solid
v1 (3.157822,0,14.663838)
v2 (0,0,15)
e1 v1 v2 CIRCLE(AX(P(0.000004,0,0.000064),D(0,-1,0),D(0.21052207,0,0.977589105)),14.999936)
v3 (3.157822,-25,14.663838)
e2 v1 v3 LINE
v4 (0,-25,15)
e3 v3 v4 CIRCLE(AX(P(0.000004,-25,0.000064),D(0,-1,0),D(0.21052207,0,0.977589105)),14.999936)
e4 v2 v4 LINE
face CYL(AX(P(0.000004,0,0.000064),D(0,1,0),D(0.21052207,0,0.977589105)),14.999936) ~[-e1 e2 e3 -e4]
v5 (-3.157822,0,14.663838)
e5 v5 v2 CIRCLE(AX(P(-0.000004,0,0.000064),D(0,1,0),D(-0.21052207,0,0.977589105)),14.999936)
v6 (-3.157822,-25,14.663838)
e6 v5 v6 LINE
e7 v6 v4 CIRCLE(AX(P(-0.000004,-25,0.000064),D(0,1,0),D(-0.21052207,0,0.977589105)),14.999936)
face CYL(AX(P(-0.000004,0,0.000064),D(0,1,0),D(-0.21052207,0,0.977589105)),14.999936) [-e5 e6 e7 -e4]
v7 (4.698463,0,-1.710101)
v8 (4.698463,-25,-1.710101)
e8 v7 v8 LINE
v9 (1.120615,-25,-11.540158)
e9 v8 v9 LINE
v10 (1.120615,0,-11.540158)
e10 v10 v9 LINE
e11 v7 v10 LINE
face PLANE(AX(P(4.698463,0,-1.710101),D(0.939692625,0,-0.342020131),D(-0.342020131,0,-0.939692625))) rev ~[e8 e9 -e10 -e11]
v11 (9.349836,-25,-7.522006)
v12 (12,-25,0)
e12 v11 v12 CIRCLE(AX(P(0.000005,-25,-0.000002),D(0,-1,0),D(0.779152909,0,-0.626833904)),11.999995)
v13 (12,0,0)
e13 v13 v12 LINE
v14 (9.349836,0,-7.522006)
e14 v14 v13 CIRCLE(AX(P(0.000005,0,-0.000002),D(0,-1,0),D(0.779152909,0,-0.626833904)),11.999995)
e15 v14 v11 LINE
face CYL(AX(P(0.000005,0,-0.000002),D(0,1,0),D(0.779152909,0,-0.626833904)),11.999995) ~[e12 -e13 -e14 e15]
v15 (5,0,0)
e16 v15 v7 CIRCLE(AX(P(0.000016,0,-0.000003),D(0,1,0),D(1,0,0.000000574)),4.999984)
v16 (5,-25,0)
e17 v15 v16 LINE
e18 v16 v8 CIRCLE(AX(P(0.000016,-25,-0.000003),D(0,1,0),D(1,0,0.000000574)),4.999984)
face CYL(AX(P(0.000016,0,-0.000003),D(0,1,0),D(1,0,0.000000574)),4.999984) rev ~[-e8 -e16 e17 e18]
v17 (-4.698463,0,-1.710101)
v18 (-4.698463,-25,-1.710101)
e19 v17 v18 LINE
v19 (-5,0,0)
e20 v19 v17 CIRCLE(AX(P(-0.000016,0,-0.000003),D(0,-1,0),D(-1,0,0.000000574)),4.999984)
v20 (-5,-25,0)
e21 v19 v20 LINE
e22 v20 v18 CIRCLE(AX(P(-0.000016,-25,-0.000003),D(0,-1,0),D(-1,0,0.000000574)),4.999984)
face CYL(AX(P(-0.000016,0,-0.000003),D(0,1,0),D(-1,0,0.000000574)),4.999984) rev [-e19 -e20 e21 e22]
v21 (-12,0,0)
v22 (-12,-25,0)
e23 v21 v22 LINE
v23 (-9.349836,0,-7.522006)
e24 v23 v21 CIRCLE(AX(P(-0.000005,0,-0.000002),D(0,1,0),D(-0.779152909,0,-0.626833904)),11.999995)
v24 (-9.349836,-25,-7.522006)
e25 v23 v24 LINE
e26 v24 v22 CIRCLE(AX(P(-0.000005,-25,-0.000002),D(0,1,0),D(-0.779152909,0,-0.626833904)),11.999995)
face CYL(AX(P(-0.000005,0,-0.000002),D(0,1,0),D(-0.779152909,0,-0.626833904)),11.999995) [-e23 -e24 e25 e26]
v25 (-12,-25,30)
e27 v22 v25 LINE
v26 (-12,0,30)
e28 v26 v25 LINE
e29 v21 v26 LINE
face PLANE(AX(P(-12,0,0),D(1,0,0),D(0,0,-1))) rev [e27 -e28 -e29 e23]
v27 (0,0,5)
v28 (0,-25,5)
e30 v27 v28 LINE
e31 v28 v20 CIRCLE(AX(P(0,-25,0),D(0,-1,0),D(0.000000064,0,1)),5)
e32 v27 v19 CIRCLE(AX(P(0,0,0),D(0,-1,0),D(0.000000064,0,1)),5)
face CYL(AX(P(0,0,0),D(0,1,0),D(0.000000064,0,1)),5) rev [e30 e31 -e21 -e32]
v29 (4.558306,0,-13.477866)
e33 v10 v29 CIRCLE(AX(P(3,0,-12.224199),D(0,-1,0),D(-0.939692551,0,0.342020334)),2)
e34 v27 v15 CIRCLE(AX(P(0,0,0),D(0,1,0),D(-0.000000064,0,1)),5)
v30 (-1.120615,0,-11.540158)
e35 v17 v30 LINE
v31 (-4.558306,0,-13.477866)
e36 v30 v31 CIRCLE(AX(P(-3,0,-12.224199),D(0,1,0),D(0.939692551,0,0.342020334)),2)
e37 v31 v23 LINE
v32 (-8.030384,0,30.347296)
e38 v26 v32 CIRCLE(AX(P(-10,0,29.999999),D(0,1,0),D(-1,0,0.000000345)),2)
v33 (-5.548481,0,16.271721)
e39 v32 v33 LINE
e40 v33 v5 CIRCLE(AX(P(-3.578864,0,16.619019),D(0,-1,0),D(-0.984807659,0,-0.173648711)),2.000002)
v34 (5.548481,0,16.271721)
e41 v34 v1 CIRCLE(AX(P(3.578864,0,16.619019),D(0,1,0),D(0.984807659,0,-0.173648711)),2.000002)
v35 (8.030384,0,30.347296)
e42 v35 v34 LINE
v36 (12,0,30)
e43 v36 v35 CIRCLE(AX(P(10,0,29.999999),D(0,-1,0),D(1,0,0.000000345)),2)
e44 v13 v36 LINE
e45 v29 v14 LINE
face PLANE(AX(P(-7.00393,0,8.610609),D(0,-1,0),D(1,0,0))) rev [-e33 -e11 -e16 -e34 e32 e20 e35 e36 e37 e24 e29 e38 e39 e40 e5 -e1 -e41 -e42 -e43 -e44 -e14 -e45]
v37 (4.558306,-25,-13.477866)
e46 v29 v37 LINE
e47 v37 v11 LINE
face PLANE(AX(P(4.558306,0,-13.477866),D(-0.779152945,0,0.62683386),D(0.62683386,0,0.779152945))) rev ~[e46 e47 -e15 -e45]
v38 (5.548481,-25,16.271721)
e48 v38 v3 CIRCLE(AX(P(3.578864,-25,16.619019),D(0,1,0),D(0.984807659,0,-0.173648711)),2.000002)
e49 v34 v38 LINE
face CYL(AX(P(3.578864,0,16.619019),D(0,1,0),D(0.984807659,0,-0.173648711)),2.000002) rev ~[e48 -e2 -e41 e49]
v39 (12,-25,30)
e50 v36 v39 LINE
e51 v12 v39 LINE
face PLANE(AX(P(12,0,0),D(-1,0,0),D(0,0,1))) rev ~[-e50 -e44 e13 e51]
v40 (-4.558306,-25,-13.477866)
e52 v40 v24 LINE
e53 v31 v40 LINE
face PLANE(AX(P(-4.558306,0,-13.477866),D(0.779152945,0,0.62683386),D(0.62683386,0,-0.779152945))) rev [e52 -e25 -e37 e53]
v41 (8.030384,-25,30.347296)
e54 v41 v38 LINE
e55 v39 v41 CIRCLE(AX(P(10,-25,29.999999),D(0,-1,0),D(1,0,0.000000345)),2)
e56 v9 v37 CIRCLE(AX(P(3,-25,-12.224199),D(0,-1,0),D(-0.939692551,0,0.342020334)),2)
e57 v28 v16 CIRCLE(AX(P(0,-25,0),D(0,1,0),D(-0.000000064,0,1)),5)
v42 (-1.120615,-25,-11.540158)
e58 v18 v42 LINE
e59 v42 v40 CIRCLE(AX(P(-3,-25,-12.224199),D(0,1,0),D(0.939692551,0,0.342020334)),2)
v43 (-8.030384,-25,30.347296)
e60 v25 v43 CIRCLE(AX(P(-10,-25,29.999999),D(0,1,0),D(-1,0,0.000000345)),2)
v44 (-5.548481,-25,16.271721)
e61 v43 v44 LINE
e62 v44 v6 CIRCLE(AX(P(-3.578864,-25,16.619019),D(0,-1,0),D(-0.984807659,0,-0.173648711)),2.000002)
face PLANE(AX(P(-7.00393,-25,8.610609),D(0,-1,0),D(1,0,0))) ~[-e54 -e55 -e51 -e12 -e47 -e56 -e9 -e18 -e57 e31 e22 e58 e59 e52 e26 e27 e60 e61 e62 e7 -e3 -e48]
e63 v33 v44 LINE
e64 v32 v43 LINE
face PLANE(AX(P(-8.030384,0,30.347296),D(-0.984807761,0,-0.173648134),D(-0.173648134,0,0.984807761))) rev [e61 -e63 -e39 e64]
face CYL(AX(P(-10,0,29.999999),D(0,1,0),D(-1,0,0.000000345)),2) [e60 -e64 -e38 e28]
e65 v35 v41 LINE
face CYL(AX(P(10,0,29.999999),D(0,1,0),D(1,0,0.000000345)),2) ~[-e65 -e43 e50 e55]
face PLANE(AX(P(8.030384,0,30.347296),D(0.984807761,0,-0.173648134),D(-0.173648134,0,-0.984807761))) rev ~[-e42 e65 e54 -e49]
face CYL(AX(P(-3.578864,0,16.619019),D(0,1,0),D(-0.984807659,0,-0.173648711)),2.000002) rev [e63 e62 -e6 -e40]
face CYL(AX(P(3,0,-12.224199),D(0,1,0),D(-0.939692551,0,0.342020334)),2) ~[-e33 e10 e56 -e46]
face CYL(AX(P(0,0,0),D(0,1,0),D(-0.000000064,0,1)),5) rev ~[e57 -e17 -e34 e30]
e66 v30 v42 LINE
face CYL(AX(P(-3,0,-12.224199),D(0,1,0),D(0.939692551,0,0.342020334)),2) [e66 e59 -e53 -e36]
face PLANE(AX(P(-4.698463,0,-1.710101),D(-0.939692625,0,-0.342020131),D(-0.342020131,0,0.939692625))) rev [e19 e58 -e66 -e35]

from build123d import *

# Parameters (mm, degrees)
F1_DEPTH = 25


with BuildPart() as f1:
    # F0 (on Front) → F1 (new body)
    with BuildSketch(Plane.XZ):
        with BuildLine():
            ThreePointArc((0, 5), (3.535534, 3.535534), (5, 0))
            ThreePointArc((5, 0), (4.924039, -0.868241), (4.698463, -1.710101))
            Line((4.698463, -1.710101), (1.120615, -11.540158))
            ThreePointArc((1.120615, -11.540158), (2.017935, -13.966481), (4.558306, -13.477866))
            Line((4.558306, -13.477866), (9.349836, -7.522006))
            ThreePointArc((9.349836, -7.522006), (11.318084, -3.987604), (12, 0))
            Line((12, 0), (12, 30))
            ThreePointArc((12, 30), (10.174311, 31.992389), (8.030384, 30.347296))
            Line((8.030384, 30.347296), (5.548481, 16.271721))
            ThreePointArc((5.548481, 16.271721), (4.695037, 14.959451), (3.157822, 14.663838))
            ThreePointArc((3.157822, 14.663838), (1.587832, 14.915723), (0, 15))
            Line((0, 15), (0, 5))
        make_face()
    extrude(amount=F1_DEPTH)

    # F2: F1 across face


with BuildPart() as f1_1:
    add(f1.part)
    add(f1.part.mirror(Plane(origin=(0, -12.5, 10), x_dir=(0, -1, 0), z_dir=(-1, 0, 0))))


solid = f1_1.part
